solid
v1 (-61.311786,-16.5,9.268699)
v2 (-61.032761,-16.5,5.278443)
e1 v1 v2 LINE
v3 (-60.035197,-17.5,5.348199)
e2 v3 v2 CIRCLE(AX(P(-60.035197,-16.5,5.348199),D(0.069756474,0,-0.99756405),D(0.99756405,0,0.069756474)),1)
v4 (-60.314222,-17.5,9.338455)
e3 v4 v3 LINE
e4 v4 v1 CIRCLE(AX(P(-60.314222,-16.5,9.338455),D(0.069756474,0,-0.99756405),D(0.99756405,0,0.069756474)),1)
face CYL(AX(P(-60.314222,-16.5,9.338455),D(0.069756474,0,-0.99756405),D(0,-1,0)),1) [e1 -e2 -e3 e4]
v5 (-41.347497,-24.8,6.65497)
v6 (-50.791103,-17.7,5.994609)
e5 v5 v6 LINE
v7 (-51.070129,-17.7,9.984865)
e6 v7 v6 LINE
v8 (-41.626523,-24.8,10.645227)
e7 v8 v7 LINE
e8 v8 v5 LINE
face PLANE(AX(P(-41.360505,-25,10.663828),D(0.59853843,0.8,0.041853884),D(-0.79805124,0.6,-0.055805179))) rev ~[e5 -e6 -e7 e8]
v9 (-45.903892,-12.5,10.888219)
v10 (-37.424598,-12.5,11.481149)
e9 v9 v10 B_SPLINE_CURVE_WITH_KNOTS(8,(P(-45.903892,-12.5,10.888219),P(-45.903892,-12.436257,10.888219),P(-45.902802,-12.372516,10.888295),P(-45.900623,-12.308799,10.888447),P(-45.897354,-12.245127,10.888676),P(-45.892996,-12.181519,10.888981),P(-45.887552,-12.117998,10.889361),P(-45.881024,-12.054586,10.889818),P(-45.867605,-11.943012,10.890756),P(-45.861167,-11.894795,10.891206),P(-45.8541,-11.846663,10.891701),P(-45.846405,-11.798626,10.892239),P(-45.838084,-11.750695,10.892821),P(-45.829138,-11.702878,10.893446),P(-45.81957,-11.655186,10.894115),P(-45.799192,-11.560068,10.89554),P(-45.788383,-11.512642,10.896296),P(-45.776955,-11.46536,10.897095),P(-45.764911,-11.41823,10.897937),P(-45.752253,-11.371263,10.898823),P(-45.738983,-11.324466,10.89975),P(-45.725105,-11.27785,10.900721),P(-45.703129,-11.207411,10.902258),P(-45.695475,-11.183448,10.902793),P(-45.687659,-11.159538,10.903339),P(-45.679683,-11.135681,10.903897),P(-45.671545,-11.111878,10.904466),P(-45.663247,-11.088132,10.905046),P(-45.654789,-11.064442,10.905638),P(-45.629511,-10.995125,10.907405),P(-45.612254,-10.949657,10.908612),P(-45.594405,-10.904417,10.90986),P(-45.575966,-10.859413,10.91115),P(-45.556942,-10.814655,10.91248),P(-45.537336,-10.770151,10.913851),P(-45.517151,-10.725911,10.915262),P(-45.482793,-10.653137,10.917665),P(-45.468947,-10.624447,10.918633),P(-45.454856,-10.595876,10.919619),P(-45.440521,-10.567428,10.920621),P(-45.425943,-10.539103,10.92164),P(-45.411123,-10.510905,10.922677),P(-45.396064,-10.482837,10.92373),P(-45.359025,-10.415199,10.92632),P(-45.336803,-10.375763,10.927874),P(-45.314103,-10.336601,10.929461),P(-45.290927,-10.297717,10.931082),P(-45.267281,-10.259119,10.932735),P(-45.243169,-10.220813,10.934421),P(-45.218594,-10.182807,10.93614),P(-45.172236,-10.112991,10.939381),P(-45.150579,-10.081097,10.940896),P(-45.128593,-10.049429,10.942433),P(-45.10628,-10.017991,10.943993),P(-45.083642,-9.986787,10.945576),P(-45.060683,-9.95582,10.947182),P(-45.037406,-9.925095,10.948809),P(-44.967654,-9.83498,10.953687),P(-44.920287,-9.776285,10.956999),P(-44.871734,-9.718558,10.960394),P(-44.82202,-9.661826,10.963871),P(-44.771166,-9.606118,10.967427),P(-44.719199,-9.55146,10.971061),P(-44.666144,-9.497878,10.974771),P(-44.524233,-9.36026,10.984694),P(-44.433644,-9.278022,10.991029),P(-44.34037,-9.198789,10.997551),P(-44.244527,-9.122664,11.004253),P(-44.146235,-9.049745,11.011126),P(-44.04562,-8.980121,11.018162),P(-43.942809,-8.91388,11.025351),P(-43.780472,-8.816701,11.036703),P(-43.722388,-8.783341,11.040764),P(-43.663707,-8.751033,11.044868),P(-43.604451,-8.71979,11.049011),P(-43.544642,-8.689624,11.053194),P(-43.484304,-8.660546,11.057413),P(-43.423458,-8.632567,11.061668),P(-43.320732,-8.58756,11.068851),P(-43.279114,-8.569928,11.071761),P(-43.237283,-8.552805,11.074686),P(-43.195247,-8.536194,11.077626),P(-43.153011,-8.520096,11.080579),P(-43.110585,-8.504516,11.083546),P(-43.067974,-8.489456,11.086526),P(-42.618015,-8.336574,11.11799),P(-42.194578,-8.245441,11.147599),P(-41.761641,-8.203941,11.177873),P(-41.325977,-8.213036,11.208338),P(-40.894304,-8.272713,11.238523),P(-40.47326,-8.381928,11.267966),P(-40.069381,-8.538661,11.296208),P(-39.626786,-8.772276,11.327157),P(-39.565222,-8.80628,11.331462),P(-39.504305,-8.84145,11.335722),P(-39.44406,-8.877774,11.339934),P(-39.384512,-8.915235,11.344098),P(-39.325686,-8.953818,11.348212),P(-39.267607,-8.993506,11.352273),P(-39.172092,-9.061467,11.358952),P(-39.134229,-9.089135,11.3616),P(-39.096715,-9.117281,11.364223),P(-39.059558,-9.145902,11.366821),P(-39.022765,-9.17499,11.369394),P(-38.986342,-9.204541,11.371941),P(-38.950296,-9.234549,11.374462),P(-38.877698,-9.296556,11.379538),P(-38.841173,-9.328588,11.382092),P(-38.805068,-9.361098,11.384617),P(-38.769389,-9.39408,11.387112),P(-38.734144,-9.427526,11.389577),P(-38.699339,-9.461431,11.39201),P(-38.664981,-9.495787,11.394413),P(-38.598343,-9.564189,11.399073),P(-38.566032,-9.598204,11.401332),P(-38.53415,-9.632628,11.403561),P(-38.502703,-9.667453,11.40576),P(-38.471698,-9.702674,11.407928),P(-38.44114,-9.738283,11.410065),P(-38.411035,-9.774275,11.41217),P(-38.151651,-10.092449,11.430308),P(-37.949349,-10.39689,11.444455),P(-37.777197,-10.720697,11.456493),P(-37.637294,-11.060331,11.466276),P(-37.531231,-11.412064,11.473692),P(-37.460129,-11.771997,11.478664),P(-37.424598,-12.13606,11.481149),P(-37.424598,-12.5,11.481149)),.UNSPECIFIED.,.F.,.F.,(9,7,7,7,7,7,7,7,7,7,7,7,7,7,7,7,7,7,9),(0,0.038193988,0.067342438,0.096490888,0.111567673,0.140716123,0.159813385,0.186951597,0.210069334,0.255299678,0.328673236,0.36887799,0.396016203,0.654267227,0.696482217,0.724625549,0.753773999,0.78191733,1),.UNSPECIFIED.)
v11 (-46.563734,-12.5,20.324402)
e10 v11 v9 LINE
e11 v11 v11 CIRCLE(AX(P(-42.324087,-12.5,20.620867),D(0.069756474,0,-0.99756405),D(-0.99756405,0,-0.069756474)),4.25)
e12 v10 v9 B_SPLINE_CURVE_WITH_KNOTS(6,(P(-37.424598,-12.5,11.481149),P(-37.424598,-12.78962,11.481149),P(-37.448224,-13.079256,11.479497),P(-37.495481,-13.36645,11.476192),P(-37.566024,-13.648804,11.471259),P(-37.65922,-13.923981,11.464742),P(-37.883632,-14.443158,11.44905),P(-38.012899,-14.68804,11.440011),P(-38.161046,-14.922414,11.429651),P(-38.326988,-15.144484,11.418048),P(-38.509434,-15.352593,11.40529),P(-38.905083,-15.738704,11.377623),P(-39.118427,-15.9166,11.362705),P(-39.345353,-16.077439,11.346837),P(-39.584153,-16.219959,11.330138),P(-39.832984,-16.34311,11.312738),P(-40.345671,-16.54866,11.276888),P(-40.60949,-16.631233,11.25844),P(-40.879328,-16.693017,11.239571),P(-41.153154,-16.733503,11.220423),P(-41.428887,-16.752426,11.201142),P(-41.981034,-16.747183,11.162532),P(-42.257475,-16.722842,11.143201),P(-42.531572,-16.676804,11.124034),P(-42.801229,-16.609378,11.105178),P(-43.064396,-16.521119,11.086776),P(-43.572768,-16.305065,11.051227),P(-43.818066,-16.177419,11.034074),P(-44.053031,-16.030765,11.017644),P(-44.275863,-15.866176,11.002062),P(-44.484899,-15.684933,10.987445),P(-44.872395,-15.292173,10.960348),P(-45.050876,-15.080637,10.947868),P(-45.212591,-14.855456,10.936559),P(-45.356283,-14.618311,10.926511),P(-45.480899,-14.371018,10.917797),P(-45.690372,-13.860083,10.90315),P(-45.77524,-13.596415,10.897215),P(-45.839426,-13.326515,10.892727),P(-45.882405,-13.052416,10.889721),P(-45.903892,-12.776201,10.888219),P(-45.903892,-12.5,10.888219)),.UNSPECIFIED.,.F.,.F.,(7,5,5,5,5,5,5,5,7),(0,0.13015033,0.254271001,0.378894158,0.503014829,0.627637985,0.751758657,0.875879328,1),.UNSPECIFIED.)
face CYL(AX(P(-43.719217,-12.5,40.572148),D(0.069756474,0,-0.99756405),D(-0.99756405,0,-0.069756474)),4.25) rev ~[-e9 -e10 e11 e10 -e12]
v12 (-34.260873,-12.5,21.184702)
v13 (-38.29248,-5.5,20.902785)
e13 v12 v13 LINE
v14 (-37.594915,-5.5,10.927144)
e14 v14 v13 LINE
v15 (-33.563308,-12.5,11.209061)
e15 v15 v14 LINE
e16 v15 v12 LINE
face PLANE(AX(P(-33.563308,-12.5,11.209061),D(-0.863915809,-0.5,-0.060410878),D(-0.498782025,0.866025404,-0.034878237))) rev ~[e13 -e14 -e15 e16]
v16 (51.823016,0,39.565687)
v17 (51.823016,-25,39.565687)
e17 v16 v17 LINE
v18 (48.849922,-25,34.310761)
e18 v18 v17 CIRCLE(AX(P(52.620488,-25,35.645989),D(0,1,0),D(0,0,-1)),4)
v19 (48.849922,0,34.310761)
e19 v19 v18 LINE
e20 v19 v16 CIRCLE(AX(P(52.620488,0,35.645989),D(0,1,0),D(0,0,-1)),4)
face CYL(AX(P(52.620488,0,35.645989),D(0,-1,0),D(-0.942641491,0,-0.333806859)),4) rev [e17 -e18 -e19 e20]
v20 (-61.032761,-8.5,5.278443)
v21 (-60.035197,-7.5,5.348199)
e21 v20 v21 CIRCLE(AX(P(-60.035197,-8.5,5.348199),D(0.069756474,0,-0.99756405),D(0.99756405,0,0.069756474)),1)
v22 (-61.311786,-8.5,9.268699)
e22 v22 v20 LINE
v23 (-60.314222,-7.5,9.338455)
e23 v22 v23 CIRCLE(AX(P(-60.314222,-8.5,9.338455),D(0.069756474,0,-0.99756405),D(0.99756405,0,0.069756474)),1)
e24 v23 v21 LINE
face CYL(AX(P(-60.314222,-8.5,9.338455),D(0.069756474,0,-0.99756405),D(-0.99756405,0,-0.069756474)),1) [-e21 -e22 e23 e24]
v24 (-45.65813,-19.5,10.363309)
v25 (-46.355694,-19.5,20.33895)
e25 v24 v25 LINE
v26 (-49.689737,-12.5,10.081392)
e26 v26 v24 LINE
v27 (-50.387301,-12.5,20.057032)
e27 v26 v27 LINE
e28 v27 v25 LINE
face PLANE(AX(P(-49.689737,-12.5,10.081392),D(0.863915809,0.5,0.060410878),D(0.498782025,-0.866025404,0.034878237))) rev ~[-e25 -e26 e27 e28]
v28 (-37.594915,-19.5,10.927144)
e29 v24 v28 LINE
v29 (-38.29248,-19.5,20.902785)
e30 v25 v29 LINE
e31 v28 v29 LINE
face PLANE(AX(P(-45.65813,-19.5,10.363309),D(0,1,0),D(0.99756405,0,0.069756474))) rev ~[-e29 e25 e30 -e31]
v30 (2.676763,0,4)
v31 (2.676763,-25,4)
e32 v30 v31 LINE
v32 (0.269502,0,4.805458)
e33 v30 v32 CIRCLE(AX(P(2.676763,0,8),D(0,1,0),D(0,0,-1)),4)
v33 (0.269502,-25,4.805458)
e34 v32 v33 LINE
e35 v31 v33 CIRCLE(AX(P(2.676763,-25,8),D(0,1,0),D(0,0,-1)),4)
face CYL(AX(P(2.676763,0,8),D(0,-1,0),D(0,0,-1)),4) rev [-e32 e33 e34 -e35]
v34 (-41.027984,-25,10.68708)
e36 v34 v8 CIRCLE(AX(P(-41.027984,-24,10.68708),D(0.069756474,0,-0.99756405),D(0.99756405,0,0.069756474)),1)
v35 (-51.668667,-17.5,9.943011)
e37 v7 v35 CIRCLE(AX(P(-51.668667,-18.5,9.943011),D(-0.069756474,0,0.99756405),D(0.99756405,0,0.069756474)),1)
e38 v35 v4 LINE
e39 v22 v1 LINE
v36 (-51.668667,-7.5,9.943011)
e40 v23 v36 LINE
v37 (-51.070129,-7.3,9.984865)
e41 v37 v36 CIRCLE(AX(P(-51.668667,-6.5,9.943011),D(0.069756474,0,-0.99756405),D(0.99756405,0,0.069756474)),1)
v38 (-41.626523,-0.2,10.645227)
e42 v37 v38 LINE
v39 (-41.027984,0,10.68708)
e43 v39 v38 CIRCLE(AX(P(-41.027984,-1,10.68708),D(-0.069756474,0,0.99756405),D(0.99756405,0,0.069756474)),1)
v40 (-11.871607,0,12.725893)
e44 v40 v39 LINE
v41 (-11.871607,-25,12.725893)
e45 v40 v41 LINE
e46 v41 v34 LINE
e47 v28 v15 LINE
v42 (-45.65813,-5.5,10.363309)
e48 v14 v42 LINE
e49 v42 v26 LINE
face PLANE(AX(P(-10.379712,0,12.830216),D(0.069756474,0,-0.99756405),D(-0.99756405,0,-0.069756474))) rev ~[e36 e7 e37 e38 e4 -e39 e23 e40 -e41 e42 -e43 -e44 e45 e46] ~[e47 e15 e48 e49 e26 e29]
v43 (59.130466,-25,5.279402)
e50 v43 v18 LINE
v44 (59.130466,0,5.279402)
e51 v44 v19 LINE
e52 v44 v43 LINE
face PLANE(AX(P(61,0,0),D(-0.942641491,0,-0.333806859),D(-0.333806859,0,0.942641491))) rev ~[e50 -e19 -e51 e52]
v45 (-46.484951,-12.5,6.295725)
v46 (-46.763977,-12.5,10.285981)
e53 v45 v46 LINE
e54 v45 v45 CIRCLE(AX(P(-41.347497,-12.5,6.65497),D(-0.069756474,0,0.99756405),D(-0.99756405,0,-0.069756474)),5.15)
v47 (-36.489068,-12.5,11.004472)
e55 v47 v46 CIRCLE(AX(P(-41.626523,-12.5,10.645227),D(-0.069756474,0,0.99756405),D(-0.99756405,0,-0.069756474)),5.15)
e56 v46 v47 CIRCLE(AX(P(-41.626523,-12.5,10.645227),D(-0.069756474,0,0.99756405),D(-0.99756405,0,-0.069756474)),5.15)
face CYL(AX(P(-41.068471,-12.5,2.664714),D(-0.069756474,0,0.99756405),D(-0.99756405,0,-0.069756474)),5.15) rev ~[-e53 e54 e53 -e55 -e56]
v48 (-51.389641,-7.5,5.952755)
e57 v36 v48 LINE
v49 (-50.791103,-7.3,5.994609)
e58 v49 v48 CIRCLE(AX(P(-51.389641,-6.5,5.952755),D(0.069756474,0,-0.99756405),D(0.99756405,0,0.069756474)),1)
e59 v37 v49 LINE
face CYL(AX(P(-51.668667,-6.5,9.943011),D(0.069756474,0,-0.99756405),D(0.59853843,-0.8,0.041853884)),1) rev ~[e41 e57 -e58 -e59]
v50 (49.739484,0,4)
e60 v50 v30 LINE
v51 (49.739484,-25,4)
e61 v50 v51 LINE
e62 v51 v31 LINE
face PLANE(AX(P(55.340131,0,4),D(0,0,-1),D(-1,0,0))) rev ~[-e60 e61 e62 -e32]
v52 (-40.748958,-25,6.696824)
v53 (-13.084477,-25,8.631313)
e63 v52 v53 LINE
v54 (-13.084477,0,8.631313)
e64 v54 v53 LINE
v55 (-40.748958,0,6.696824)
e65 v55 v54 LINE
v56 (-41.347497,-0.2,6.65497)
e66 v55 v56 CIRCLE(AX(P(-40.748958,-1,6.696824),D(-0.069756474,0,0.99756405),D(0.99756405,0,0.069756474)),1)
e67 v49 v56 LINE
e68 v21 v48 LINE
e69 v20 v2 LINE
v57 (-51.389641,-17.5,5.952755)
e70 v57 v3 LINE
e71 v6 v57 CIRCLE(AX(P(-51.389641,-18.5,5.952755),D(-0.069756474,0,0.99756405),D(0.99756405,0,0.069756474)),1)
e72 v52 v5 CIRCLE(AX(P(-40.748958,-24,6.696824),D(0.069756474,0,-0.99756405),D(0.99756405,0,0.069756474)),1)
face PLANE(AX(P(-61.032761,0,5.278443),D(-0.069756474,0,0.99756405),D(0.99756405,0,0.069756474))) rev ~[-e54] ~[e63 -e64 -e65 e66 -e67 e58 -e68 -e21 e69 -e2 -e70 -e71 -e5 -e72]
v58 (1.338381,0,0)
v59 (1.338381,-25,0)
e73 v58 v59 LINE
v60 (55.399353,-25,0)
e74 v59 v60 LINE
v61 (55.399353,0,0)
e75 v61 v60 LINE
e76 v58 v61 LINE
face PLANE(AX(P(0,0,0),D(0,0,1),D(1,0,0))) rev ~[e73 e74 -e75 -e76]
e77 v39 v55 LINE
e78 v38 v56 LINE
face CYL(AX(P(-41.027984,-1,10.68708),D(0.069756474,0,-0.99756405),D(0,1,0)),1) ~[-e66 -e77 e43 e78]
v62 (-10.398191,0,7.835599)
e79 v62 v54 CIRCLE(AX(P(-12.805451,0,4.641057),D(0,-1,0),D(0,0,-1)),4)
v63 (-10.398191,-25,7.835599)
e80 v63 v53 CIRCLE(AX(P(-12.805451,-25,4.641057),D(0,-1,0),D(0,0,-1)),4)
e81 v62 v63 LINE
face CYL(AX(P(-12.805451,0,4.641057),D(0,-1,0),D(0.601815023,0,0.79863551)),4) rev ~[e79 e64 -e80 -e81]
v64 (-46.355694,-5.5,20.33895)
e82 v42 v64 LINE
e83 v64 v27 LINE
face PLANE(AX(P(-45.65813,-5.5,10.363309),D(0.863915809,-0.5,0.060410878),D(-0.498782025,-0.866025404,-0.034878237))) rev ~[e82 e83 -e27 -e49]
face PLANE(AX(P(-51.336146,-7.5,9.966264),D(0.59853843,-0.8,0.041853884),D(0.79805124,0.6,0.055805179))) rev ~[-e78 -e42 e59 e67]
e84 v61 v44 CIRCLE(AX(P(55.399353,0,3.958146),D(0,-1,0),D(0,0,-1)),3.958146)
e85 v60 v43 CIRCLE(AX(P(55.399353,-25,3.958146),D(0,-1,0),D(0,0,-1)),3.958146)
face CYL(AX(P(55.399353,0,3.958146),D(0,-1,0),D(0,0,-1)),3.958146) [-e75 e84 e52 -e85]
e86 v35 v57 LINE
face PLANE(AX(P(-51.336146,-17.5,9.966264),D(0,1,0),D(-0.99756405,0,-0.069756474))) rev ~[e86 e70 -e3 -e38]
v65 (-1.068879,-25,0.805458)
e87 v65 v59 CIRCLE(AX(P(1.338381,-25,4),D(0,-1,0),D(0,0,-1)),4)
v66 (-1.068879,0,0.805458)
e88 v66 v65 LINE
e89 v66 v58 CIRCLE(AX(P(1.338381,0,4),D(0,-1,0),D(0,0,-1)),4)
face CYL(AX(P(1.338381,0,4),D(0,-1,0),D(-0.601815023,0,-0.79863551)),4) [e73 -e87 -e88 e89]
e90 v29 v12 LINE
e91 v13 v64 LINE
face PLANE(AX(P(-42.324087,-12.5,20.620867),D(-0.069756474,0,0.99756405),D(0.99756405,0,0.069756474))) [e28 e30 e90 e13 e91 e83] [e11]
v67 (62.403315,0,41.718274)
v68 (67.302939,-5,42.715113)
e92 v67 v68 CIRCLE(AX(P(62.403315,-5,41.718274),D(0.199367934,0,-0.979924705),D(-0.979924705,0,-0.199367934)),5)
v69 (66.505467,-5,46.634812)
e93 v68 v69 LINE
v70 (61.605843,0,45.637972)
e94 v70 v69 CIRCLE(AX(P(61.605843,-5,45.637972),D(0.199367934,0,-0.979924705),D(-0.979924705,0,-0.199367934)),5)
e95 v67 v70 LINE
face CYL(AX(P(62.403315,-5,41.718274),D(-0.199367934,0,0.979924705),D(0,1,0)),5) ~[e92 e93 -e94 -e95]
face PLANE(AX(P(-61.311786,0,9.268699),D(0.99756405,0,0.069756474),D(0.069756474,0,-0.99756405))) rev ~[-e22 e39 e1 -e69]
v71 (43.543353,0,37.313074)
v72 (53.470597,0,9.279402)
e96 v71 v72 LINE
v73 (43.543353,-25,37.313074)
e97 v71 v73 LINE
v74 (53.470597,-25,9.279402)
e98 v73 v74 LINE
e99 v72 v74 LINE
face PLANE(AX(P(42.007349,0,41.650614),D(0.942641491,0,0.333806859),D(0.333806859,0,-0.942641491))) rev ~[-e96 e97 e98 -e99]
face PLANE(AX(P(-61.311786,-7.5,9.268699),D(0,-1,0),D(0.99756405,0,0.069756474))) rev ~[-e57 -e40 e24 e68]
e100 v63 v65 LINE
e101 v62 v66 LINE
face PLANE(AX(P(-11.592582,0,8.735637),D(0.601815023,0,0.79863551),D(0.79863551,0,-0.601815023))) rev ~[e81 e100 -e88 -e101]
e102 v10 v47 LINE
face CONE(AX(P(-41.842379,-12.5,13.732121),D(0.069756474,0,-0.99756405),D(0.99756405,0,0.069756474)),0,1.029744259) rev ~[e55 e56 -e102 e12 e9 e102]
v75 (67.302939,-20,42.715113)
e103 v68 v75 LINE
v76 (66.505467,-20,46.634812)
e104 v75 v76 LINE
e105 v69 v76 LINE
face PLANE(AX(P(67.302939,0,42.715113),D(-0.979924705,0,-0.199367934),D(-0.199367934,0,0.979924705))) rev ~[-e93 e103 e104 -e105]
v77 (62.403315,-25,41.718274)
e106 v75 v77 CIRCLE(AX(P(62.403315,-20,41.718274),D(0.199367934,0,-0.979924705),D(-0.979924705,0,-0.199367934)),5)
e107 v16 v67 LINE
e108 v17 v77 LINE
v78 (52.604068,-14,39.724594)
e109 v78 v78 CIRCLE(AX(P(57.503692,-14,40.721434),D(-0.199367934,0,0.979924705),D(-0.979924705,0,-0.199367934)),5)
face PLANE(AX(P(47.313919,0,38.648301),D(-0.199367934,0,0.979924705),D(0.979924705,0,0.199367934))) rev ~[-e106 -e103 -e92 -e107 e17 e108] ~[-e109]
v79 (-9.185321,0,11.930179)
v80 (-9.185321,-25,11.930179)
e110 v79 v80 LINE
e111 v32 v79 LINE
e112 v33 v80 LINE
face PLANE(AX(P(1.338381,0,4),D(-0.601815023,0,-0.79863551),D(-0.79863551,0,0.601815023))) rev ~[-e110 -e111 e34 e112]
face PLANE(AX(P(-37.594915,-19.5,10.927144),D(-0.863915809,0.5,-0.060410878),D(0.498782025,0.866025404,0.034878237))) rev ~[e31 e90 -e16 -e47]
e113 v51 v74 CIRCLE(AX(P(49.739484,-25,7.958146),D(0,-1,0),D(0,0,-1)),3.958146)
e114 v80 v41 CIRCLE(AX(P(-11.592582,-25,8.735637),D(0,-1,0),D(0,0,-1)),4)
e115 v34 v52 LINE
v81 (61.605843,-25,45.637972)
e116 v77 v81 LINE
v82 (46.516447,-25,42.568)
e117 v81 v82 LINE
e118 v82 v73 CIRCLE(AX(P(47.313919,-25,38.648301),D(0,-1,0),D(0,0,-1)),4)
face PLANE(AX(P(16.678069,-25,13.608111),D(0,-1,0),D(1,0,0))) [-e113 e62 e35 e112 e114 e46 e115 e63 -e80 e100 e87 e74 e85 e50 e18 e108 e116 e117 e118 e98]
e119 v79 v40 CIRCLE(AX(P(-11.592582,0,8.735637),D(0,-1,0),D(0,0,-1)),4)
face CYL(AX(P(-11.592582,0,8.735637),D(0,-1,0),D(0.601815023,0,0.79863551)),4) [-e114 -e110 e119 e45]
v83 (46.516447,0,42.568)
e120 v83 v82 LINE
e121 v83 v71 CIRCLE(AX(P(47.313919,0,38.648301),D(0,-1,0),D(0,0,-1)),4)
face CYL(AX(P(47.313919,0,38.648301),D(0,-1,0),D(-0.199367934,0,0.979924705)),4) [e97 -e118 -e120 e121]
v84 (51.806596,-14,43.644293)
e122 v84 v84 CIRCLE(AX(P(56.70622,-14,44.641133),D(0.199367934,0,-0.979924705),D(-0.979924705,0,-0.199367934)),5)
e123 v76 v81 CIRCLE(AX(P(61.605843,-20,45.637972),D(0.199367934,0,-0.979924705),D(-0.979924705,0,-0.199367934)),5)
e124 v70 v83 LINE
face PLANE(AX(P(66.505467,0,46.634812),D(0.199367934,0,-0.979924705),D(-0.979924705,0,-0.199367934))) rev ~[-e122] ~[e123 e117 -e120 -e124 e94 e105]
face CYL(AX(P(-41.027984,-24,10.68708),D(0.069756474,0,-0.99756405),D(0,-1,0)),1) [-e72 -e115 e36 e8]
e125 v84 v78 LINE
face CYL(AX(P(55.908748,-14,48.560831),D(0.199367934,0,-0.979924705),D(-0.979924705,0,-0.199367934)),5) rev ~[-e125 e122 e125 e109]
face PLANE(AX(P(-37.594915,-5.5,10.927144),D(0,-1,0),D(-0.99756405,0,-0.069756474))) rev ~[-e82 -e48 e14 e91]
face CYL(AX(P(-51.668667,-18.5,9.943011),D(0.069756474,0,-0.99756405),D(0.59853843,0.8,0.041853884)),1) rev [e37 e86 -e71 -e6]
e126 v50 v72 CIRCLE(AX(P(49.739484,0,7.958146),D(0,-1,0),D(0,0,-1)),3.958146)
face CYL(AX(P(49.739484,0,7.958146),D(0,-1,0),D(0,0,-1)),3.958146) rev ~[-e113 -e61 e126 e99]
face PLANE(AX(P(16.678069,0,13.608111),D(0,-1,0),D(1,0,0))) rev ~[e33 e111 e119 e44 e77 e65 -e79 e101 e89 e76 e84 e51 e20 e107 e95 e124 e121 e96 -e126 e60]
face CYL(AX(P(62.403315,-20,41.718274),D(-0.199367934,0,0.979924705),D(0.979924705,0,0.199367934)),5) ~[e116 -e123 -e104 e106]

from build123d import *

# Parameters (mm, degrees)
F1_DEPTH  = 25
F2_R      = 4
F3_R      = 3.9581459444
F4_R      = 5
F6_DEPTH  = 4
F7_R      = 1
F9_DEPTH  = 10
F11_D     = 8.5
F11_DEPTH = 20
F11_TIP   = 2.5536576309
F13_D     = 10.3
F13_DEPTH = 4
F13_TIP   = 3.094432188
F15_D     = 10
F15_DEPTH = 4
F15_TIP   = 3.0043030951


with BuildPart() as f1:
    # F0 (on Front) → F1 (new body)
    with BuildSketch(Plane.XZ):
        Polygon((-11.592581531, 8.7356367638), (0, 0), (61, 0), (47.3139187714, 38.6483011348), (67.3029387003, 42.7151132025), (66.5054669627, 46.634812021), (42.0073493471, 41.6506136606), (55.3401309115, 4), (1.338381278, 4), (-10.3797117652, 12.8302164722), (-61.3117864463, 9.2686988641), (-61.0327605513, 5.278442663), align=None)
    extrude(amount=F1_DEPTH)

    # F2
    f2_edges = [f1.edges().sort_by_distance(p)[0] for p in [
        (42.007349, -12.5, 41.650614),
        (1.338381, -12.5, 4),
        (-10.379712, -12.5, 12.830216),
        (-11.592582, -12.5, 8.735637),
        (0, -12.5, 0),
        (47.313919, -12.5, 38.648301),
    ]]
    fillet(f2_edges, radius=F2_R)

    # F3
    f3_edges = [f1.edges().sort_by_distance(p)[0] for p in [
        (55.340131, -12.5, 4),
        (61, -12.5, 0),
    ]]
    fillet(f3_edges, radius=F3_R)

    # F4
    f4_edges = [f1.edges().sort_by_distance(p)[0] for p in [
        (66.904203, -25, 44.674963),
        (66.904203, 0, 44.674963),
    ]]
    fillet(f4_edges, radius=F4_R)

    # F5 (on face) → F6 (cut)
    with BuildSketch(Plane(origin=(-0.9433178269, 0, 13.4900734165), x_dir=(0.9975640503, 0, 0.0697564737), z_dir=(-0.0697564737, 0, 0.9975640503))):
        Polygon((-60.5158822671, 0), (-60.5158822671, -7.5), (-50.5158822671, -7.5), (-40.5158822671, 0), align=None)
        Polygon((-50.5158822671, -17.5), (-60.5158822671, -17.5), (-60.5158822671, -25), (-40.5158822671, -25), align=None)
    extrude(amount=-F6_DEPTH, mode=Mode.SUBTRACT)

    # F7
    f7_edges = [f1.edges().sort_by_distance(p)[0] for p in [
        (-41.220992, -25, 8.6687),
        (-51.196633, -17.5, 7.971136),
        (-61.172273, -17.5, 7.273571),
        (-61.172273, -7.5, 7.273571),
        (-41.220992, 0, 8.6687),
        (-51.196633, -7.5, 7.971136),
    ]]
    fillet(f7_edges, radius=F7_R)

    # F8 (on face) → F9 (join)
    with BuildSketch(Plane(origin=(-0.9433178269, 0, 13.4900734165), x_dir=(0.9975640503, 0, 0.0697564737), z_dir=(-0.0697564737, 0, 0.9975640503))):
        Polygon((-36.7410970494, -19.5), (-32.6996451651, -12.5), (-36.7410970494, -5.5), (-44.8240008181, -5.5), (-48.8654527024, -12.5), (-44.8240008181, -19.5), align=None)
    extrude(amount=F9_DEPTH)

    # F11
    with Locations(Plane(origin=(-1.6408825643, 0, 23.4657139191), x_dir=(0.9975640503, 0, 0.0697564737), z_dir=(-0.0697564737, 0, 0.9975640503))):
        with Locations((-40.7825489337, -12.5)):
            Hole(F11_D / 2, depth=F11_DEPTH)
            with Locations((0, 0, -(F11_DEPTH + F11_TIP / 2))):  # 118° drill point
                Cone(0, F11_D / 2, F11_TIP, mode=Mode.SUBTRACT)

    # F13
    with Locations(Plane(origin=(-0.6642919319, 0, 9.4998172155), x_dir=(0.9975640503, 0, 0.0697564737), z_dir=(0.0697564737, 0, -0.9975640503))):
        with Locations((-40.7825489337, 12.5)):
            Hole(F13_D / 2, depth=F13_DEPTH)
            with Locations((0, 0, -(F13_DEPTH + F13_TIP / 2))):  # 118° drill point
                Cone(0, F13_D / 2, F13_TIP, mode=Mode.SUBTRACT)

    # F15
    with Locations(Plane(origin=(-6.4674054427, 0, 31.7883133346), x_dir=(0.9799247046, 0, 0.1993679344), z_dir=(-0.1993679344, 0, 0.9799247046))):
        with Locations((64.4678362136, -14)):
            Hole(F15_D / 2, depth=F15_DEPTH)
            with Locations((0, 0, -(F15_DEPTH + F15_TIP / 2))):  # 118° drill point
                Cone(0, F15_D / 2, F15_TIP, mode=Mode.SUBTRACT)


solid = f1.part
